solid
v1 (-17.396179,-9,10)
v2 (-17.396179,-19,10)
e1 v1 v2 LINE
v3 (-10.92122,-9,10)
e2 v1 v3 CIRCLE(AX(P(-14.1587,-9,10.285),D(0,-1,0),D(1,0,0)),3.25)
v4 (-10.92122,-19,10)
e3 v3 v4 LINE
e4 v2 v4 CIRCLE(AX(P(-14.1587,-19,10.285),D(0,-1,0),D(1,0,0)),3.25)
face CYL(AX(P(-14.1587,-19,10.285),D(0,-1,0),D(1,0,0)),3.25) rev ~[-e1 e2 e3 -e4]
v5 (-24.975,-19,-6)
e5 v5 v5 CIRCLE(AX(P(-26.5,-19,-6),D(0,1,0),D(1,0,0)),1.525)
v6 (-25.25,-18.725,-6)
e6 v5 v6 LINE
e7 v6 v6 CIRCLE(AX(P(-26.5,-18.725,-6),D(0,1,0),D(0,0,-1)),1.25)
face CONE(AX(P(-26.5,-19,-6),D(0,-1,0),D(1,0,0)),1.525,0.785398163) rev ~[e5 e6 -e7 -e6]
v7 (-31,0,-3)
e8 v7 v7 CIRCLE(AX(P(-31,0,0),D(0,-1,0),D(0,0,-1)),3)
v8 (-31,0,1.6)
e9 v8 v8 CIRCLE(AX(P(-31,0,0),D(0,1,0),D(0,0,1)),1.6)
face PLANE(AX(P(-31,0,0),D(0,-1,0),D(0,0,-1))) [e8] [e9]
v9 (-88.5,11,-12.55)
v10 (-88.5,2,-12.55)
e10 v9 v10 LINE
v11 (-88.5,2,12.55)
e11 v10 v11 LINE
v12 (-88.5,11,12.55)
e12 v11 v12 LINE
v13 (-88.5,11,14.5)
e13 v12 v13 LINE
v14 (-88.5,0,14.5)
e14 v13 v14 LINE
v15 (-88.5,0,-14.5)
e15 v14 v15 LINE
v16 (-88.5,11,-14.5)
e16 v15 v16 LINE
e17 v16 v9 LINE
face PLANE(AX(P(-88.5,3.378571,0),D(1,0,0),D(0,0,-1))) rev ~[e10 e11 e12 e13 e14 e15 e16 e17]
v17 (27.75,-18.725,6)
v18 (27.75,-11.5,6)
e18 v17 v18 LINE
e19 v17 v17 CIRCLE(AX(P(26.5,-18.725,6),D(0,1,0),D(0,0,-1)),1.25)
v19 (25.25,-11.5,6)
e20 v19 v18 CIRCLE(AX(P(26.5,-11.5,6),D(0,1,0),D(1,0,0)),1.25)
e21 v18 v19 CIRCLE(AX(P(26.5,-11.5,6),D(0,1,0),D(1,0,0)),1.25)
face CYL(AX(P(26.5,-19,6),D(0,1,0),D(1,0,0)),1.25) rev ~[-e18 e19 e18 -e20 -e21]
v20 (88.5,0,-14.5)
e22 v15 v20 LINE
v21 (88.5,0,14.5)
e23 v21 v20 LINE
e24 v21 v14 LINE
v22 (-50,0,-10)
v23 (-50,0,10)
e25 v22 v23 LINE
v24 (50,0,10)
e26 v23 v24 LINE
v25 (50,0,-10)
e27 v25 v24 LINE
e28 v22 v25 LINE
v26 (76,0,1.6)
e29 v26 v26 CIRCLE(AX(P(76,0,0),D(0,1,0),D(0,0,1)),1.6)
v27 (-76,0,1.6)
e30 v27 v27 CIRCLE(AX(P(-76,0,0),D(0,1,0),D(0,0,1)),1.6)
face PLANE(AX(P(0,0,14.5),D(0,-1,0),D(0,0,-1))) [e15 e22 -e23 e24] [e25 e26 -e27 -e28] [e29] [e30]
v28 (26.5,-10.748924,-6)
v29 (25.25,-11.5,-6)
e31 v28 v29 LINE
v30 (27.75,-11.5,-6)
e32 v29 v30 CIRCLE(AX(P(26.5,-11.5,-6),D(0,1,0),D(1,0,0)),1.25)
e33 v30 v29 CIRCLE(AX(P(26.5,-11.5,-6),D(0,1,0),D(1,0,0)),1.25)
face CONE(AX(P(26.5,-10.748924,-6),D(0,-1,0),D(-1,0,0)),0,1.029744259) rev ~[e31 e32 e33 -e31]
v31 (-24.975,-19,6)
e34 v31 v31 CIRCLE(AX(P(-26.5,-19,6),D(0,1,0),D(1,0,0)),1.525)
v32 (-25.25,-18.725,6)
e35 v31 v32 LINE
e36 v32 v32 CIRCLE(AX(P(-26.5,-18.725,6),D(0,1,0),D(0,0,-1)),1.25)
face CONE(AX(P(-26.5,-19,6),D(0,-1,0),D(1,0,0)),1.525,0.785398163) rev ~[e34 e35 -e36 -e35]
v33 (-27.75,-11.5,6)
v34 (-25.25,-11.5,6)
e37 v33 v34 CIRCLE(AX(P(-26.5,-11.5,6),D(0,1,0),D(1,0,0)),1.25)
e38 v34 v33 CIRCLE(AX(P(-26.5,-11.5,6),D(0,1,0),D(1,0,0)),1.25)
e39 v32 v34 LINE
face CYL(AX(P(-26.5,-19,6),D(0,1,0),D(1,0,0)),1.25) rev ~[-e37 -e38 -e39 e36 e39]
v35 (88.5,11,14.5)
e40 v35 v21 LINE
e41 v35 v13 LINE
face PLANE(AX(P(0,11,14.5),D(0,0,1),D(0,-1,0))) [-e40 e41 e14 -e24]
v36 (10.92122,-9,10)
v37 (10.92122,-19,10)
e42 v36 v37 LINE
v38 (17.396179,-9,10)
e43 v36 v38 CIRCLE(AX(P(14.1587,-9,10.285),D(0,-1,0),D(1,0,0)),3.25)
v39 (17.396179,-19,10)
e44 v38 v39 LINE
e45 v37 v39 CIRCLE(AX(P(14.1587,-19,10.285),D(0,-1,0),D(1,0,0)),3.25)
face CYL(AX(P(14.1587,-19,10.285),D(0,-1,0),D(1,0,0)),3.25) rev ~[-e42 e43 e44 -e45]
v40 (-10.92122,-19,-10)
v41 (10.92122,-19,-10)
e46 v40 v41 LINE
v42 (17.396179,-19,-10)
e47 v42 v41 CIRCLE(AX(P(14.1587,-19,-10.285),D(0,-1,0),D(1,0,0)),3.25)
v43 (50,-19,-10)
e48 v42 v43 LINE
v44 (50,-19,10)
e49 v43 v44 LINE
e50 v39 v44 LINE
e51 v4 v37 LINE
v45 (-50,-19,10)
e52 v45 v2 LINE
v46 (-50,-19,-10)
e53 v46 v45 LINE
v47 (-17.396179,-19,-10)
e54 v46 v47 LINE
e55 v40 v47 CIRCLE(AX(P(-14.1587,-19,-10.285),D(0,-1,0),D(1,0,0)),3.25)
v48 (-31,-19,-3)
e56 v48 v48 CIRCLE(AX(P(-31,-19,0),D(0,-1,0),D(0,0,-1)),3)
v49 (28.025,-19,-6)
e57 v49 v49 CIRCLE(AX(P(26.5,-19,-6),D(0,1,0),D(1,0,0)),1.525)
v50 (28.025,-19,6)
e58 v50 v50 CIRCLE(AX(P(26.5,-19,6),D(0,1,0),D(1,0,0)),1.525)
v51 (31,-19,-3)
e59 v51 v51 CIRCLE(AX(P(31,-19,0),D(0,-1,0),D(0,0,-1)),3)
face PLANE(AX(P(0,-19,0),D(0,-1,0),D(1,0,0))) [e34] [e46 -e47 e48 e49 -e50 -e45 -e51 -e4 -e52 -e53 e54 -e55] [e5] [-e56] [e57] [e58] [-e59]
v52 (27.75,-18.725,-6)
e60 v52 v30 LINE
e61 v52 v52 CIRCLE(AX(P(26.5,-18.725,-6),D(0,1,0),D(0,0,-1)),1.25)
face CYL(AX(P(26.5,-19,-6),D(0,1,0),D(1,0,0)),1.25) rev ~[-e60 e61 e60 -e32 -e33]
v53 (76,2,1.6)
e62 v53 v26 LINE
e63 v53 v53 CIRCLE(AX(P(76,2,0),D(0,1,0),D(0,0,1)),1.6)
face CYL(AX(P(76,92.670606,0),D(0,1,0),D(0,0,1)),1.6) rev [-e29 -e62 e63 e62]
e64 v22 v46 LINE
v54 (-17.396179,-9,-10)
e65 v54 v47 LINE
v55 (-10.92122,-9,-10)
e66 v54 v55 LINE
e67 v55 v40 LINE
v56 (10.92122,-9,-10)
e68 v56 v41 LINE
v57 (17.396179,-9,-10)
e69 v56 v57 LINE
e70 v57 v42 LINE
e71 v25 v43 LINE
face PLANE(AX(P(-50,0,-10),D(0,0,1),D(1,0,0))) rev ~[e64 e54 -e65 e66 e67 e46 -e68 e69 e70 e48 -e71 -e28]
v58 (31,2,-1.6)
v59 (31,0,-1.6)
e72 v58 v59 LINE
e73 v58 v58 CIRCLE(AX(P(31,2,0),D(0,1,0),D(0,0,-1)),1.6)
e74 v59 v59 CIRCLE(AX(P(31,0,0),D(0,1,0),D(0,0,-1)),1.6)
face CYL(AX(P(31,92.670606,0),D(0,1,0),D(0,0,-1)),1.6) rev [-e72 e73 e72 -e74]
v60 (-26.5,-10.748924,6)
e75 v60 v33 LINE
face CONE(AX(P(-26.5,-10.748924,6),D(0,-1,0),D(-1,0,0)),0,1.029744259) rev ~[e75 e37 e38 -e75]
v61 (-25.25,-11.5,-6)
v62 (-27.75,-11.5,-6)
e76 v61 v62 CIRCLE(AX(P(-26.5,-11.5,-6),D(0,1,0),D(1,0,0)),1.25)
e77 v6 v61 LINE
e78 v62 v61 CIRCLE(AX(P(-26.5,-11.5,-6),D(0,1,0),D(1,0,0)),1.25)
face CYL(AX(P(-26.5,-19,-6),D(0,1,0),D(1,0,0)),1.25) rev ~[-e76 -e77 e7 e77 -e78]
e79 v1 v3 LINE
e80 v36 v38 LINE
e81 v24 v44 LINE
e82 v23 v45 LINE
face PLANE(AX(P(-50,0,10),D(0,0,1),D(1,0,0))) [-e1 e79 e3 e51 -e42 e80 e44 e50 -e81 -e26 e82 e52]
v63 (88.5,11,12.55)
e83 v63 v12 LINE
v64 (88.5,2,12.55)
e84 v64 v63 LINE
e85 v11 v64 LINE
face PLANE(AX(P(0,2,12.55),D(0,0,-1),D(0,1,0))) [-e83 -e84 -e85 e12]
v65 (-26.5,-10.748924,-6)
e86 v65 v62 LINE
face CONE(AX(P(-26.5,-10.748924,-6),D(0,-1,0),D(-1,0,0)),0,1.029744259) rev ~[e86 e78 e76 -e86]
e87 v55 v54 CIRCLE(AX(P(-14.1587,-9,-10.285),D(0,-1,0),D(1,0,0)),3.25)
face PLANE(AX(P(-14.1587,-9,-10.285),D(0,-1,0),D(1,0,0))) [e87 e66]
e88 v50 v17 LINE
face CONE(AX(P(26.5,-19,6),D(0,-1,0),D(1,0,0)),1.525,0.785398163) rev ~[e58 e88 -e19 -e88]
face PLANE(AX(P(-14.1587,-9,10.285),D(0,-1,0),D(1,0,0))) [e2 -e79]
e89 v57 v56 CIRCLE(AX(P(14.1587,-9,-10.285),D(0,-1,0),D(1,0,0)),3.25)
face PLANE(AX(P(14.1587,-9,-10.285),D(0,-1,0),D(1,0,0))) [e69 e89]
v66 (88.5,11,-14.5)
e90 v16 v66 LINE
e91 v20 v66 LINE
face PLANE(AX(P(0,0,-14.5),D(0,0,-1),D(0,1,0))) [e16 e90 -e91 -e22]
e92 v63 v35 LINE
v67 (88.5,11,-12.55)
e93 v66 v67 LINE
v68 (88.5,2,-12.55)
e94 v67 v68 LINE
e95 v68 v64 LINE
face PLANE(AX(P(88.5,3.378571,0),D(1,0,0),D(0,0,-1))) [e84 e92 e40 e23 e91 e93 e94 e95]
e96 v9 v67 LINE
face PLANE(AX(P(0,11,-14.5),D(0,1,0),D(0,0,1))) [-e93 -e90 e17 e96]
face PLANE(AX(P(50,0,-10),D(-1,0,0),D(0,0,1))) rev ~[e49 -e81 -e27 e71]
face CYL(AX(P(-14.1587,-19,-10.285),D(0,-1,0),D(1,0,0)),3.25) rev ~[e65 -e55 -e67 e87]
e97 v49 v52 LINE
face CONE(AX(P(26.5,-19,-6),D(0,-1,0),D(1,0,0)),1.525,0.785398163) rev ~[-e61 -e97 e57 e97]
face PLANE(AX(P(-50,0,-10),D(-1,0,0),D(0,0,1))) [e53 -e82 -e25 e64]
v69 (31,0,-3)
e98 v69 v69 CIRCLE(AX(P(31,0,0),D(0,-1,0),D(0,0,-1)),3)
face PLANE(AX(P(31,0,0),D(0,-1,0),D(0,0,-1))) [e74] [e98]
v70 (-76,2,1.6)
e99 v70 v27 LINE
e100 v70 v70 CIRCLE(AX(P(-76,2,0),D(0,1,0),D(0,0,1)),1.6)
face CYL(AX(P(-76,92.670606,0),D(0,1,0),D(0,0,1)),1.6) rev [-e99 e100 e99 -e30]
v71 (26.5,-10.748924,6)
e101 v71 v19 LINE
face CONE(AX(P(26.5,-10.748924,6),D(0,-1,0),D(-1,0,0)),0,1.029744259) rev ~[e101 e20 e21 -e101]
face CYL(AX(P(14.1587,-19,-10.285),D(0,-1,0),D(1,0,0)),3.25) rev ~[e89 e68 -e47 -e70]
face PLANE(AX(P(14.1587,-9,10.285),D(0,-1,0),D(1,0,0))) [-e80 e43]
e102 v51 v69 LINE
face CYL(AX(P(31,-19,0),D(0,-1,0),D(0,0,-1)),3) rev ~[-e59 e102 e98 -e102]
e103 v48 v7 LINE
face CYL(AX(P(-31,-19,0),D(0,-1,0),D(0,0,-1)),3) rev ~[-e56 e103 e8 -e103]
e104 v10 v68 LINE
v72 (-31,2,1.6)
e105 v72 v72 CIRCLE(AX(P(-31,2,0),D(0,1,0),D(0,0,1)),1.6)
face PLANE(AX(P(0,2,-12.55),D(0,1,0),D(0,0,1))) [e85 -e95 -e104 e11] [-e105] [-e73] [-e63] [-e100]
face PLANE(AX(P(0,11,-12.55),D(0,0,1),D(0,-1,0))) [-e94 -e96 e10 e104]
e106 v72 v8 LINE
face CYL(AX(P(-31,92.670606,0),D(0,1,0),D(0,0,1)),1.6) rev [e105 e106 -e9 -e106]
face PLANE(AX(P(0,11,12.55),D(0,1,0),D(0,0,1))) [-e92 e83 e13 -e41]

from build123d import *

# Parameters (mm, degrees)
BOSS_EXTRUDE1_DEPTH             = 88.5
SKETCH3_W                       = 100
SKETCH3_H                       = 20
BOSS_EXTRUDE2_DEPTH             = 19
CUT_EXTRUDE1_DEPTH              = 16
CUT_EXTRUDE1_DEPTH_BACK         = 92.670605976
SKETCH2_R                       = 1.6
SKETCH4_R                       = 3
CUT_EXTRUDE2_DEPTH              = 19
M3X0_5_TAPPED_HOLE1_D           = 2.5
M3X0_5_TAPPED_HOLE1_DEPTH       = 7.5
M3X0_5_TAPPED_HOLE1_CSINK_D     = 3.05
M3X0_5_TAPPED_HOLE1_CSINK_ANGLE = 90
M3X0_5_TAPPED_HOLE1_TIP         = 0.751075774
SKETCH9_R                       = 3.25
CUT_EXTRUDE3_DEPTH              = 10


with BuildPart() as part:
    # Sketch1 → Boss-Extrude1 (new, symmetric)
    with BuildSketch(Plane(origin=(0, 0, 0), x_dir=(0, 0, -1), z_dir=(1, 0, 0))):
        Polygon((-14.5, 0), (14.5, 0), (14.5, 11), (12.55, 11), (12.55, 2), (-12.55, 2), (-12.55, 11), (-14.5, 11), align=None)
    extrude(amount=BOSS_EXTRUDE1_DEPTH, both=True)

    # Sketch3 → Boss-Extrude2 (add)
    with BuildSketch(Plane.XZ):
        Rectangle(SKETCH3_W, SKETCH3_H)
    extrude(amount=BOSS_EXTRUDE2_DEPTH)

    # Sketch2 → Cut-Extrude1 (cut, two sides: drawn at the far end of the back side and taken through both)
    with BuildSketch(Plane.XZ.offset(-CUT_EXTRUDE1_DEPTH_BACK)):
        with Locations(Location((76, 0, 0), (0, 0, 90))):
            Circle(SKETCH2_R)
        with Locations(Location((31, 0, 0), (0, 0, 270))):
            Circle(SKETCH2_R)
        with Locations(Location((-31, 0, 0), (0, 0, 90))):
            Circle(SKETCH2_R)
        with Locations(Location((-76, 0, 0), (0, 0, 90))):
            Circle(SKETCH2_R)
    extrude(amount=CUT_EXTRUDE1_DEPTH + CUT_EXTRUDE1_DEPTH_BACK, mode=Mode.SUBTRACT)

    # Sketch4 → Cut-Extrude2 (cut)
    with BuildSketch(Plane.XZ.offset(19)):
        with Locations(Location((-31, 0, 0), (0, 0, 270))):
            Circle(SKETCH4_R)
        with Locations(Location((31, 0, 0), (0, 0, 270))):
            Circle(SKETCH4_R)
    extrude(amount=-CUT_EXTRUDE2_DEPTH, mode=Mode.SUBTRACT)

    # M3x0.5 Tapped Hole1
    with Locations(Plane(origin=(0, -19, 0), x_dir=(-1, 0, 0), z_dir=(0, -1, 0))):
        with Locations((-26.5, -6), (26.5, 6), (26.5, -6), (-26.5, 6)):
            CounterSinkHole(M3X0_5_TAPPED_HOLE1_D / 2, M3X0_5_TAPPED_HOLE1_CSINK_D / 2, depth=M3X0_5_TAPPED_HOLE1_DEPTH, counter_sink_angle=M3X0_5_TAPPED_HOLE1_CSINK_ANGLE)
            with Locations((0, 0, -(M3X0_5_TAPPED_HOLE1_DEPTH + M3X0_5_TAPPED_HOLE1_TIP / 2))):  # 118° drill point
                Cone(0, M3X0_5_TAPPED_HOLE1_D / 2, M3X0_5_TAPPED_HOLE1_TIP, mode=Mode.SUBTRACT)

    # Sketch9 → Cut-Extrude3 (cut)
    with BuildSketch(Plane.XZ.offset(19)):
        with Locations((14.158699622, -10.285)):
            Circle(SKETCH9_R)
        with Locations((-14.158699622, -10.285)):
            Circle(SKETCH9_R)
        with Locations((-14.158699622, 10.285)):
            Circle(SKETCH9_R)
        with Locations((14.158699622, 10.285)):
            Circle(SKETCH9_R)
    extrude(amount=-CUT_EXTRUDE3_DEPTH, mode=Mode.SUBTRACT)


solid = part.part
